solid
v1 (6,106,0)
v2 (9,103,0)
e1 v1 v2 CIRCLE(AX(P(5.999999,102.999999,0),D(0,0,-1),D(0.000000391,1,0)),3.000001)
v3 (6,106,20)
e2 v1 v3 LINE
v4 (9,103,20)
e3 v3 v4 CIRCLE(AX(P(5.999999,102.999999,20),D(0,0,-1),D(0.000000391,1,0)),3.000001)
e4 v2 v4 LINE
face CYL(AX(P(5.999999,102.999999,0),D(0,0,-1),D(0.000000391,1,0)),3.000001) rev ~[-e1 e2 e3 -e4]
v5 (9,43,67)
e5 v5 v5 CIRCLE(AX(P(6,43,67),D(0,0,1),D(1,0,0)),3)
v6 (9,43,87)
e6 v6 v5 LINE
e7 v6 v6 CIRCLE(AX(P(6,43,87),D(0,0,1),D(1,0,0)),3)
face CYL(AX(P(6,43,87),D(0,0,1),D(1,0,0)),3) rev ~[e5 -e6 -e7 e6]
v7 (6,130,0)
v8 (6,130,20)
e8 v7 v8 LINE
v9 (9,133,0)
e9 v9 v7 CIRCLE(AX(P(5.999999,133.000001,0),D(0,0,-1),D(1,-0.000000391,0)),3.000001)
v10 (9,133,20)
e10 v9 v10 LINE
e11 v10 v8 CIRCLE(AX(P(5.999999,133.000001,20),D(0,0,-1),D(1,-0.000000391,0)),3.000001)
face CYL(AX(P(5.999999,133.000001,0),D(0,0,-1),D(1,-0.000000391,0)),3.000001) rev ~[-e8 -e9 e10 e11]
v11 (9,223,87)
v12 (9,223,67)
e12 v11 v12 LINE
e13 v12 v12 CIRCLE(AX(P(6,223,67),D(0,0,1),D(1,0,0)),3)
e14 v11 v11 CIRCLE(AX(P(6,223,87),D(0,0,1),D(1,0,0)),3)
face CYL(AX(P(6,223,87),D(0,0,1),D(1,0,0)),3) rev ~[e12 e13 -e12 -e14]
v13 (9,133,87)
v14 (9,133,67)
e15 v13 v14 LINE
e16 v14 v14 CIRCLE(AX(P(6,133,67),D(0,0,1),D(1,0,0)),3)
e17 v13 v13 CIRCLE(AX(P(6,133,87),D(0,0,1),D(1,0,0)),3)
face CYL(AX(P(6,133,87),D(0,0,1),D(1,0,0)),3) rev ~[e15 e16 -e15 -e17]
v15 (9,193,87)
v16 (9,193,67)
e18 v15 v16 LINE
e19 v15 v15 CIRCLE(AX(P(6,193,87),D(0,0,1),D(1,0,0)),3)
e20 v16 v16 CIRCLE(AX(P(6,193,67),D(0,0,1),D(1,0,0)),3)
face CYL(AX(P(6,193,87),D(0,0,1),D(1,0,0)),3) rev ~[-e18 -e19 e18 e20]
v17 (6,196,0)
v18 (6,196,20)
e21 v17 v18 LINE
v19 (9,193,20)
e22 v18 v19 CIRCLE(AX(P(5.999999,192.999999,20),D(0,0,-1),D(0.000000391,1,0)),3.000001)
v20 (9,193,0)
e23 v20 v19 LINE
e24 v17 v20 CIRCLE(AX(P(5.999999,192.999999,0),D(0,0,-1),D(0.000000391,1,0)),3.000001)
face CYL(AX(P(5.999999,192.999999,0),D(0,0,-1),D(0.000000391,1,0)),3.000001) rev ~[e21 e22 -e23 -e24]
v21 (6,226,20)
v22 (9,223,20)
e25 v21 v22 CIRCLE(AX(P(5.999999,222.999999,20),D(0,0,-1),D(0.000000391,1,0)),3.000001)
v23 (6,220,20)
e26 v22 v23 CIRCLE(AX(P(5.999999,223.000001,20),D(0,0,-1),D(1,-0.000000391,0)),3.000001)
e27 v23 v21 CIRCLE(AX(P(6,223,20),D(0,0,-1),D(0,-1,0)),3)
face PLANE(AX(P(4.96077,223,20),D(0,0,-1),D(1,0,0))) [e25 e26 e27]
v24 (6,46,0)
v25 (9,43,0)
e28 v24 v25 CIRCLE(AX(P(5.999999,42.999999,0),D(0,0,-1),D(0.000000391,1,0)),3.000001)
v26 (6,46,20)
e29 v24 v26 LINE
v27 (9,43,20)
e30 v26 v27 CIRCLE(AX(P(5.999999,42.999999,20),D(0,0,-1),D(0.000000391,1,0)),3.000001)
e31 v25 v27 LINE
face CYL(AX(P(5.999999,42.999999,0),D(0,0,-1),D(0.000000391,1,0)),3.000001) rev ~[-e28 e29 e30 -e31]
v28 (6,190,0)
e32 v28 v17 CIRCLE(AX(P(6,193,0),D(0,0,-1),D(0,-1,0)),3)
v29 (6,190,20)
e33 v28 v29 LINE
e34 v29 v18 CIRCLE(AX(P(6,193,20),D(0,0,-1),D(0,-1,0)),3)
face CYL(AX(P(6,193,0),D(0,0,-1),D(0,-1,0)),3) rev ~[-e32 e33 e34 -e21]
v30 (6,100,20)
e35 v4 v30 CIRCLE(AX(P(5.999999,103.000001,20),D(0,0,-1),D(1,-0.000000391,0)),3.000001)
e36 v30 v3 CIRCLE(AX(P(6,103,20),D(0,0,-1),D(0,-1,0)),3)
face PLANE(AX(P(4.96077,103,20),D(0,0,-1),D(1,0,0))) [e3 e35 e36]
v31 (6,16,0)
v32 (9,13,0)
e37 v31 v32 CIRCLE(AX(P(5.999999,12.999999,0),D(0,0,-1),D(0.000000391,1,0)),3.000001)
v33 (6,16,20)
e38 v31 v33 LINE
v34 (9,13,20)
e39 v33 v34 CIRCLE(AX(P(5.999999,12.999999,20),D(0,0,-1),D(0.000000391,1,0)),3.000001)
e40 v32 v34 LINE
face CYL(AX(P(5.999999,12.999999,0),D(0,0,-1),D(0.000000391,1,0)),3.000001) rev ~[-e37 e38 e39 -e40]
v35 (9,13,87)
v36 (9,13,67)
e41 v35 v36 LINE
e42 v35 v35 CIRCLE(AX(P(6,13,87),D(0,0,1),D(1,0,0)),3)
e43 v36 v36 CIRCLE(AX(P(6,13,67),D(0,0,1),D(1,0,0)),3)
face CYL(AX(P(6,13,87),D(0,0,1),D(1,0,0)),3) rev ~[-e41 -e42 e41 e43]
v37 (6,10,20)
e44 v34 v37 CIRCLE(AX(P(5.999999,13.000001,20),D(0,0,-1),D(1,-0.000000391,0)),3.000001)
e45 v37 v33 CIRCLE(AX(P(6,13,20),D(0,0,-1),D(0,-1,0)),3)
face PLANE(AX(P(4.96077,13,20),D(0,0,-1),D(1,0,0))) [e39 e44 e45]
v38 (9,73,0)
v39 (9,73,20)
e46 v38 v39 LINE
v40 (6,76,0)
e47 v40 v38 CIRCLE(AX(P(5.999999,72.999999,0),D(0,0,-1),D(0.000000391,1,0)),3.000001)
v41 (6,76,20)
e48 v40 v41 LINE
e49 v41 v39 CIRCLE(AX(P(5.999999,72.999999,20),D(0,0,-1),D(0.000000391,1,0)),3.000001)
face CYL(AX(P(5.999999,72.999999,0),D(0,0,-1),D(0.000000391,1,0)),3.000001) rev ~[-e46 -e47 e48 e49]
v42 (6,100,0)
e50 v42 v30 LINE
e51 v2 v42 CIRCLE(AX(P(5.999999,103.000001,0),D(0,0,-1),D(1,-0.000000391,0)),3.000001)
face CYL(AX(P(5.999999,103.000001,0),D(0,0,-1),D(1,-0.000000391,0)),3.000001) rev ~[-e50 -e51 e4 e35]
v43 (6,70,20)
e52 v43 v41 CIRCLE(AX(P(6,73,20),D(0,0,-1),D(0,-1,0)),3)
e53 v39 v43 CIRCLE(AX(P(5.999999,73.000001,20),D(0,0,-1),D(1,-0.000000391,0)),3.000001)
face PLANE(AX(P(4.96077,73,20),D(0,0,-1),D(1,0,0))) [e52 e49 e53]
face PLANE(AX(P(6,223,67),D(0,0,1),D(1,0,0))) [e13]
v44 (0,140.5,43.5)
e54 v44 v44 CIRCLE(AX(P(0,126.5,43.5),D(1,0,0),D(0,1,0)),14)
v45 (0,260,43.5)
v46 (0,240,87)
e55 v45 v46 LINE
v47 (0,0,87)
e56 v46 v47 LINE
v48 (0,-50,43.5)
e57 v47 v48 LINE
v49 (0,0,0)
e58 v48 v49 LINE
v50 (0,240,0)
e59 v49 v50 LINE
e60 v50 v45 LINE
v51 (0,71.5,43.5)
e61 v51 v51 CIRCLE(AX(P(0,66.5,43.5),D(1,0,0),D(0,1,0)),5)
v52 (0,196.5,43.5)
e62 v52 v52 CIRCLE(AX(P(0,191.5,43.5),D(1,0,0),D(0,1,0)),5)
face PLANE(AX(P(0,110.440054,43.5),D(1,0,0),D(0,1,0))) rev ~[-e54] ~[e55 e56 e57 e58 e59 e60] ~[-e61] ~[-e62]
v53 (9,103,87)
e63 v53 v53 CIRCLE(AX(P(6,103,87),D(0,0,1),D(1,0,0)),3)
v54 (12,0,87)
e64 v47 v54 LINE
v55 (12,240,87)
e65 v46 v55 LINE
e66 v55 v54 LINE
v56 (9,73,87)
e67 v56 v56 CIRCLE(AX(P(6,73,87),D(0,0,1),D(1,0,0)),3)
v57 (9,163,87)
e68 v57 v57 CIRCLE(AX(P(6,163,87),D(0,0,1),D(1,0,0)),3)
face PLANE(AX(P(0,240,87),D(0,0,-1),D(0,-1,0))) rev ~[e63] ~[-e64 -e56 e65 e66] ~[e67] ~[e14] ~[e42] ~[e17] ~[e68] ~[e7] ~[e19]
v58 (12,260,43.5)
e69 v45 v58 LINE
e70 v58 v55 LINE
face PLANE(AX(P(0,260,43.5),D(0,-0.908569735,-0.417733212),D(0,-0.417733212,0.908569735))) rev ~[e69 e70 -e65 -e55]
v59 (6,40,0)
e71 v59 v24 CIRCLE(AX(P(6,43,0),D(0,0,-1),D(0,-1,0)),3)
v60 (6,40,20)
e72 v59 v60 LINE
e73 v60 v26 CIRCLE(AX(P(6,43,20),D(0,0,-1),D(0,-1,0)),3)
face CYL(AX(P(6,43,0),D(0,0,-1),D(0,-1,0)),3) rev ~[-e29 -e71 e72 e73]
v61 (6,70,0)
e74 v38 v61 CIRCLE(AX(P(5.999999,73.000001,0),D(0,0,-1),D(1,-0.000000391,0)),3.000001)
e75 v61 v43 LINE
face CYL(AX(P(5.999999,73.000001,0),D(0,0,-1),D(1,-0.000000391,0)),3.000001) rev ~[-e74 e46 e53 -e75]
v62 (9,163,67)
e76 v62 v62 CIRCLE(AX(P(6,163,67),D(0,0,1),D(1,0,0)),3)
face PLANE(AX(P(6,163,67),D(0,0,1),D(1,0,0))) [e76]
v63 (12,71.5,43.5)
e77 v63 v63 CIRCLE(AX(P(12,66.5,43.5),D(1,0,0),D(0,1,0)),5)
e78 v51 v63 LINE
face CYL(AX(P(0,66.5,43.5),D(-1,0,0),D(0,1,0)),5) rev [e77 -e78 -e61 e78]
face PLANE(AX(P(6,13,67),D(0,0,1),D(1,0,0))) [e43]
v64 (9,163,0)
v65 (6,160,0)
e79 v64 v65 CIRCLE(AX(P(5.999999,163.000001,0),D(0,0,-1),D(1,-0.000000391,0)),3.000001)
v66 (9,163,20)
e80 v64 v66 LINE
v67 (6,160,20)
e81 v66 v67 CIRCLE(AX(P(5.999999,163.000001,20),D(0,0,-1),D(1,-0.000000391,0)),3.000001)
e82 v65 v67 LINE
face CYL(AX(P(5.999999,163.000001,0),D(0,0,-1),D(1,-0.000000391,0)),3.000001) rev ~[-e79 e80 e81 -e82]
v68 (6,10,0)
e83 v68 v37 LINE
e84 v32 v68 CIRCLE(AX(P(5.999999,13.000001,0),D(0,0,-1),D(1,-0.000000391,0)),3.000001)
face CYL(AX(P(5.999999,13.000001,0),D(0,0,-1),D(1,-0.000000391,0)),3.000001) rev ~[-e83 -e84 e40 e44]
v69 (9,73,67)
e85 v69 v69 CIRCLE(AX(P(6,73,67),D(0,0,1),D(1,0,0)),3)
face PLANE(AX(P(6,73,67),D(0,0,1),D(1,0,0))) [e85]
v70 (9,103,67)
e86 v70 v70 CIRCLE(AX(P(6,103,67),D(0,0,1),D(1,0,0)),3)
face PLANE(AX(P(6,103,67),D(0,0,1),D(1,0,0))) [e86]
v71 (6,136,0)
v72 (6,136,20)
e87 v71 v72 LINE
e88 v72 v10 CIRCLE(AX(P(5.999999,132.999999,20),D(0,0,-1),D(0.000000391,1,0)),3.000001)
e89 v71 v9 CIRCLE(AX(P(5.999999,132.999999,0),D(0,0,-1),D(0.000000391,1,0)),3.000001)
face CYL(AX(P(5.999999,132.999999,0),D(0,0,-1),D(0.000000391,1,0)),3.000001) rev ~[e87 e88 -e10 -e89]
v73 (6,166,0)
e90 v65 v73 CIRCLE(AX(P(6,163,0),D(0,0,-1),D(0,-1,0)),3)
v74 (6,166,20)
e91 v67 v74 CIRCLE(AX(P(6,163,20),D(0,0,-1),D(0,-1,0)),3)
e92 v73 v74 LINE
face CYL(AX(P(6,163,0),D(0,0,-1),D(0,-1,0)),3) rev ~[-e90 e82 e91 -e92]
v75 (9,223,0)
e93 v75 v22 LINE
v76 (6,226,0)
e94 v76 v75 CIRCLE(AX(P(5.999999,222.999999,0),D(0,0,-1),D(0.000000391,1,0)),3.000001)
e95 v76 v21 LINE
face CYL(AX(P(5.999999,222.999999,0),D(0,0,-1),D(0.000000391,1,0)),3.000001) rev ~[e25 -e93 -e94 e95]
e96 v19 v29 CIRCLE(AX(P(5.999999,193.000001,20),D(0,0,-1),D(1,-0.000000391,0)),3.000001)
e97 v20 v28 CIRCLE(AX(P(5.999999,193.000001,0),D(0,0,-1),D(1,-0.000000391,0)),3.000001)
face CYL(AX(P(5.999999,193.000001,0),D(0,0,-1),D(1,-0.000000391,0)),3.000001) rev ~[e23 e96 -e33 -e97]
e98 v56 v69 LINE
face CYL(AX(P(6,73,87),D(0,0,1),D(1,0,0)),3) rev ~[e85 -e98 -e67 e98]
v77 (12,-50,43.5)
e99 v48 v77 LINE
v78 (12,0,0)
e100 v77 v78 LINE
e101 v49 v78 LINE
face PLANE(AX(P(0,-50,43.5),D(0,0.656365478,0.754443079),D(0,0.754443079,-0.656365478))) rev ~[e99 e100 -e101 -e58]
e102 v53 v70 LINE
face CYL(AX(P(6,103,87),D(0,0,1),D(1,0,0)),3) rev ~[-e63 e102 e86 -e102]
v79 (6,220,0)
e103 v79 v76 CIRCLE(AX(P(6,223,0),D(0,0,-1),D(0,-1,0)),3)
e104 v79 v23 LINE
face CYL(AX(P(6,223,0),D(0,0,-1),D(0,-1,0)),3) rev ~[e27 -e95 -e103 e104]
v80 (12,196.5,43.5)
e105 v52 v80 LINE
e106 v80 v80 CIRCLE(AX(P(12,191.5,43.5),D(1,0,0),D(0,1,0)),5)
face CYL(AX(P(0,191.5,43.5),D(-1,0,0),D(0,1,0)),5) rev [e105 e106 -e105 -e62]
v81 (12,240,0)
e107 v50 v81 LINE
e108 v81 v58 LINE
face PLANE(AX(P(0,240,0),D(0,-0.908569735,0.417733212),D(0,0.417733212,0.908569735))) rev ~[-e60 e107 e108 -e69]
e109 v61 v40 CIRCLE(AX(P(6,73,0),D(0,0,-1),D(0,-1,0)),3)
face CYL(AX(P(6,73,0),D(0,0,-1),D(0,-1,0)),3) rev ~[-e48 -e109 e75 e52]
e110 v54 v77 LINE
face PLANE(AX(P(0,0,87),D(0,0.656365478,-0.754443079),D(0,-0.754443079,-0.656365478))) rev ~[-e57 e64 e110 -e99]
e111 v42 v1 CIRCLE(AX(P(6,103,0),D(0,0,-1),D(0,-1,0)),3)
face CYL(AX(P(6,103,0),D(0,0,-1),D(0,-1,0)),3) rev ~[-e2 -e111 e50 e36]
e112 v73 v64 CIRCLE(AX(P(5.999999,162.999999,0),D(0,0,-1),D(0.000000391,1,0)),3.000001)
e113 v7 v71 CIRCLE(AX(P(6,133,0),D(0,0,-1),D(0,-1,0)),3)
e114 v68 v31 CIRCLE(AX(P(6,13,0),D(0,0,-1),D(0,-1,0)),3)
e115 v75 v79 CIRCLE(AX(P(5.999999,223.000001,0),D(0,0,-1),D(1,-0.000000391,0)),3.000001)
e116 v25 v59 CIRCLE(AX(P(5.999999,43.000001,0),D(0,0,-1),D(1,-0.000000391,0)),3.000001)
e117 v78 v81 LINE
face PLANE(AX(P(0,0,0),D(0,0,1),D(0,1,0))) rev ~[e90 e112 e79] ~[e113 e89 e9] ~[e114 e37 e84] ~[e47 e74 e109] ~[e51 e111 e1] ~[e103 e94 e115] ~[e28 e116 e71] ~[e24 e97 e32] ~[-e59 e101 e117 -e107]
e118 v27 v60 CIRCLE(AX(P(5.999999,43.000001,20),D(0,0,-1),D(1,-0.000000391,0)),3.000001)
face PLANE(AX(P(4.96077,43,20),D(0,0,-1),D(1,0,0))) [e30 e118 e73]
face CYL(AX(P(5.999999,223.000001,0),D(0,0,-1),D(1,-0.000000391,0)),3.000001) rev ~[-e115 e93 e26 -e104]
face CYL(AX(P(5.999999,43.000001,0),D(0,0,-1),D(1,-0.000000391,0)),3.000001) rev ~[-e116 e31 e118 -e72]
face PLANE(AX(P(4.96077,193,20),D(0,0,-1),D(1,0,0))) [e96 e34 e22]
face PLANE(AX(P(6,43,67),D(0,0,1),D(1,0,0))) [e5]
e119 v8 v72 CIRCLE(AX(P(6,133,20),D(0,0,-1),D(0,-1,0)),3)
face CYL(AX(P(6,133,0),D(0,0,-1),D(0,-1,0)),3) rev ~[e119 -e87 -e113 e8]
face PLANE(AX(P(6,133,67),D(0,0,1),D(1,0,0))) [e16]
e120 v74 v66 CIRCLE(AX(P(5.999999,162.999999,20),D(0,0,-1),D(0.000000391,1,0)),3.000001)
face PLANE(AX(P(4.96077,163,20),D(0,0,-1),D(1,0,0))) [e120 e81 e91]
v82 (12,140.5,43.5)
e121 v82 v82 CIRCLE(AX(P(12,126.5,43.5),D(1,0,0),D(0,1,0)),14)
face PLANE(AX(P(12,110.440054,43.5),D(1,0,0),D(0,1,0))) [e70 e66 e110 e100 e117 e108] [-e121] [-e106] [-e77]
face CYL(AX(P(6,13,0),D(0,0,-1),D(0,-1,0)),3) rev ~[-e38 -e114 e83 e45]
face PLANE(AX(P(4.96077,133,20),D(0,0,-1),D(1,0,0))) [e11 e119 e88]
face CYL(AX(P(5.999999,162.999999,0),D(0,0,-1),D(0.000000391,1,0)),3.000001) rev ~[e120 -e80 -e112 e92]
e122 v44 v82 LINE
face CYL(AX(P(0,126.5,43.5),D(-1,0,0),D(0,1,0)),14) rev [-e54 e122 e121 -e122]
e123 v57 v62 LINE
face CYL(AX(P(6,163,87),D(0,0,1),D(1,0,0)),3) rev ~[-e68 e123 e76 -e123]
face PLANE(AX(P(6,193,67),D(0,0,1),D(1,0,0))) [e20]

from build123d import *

# Parameters (mm, degrees)
F0_R     = 5
F0_R_2   = 14
F1_DEPTH = 12
F2_R     = 3
F3_DEPTH = 20
F5_DEPTH = 20


with BuildPart() as f1:
    # F0 (on Right) → F1 (new body)
    with BuildSketch(Plane.YZ):
        Polygon((-50, 43.5), (0, 0), (240, 0), (260, 43.5), (240, 87), (0, 87), align=None)
        with Locations((66.5, 43.5)):
            Circle(F0_R, mode=Mode.SUBTRACT)
        with Locations((126.5, 43.5)):
            Circle(F0_R_2, mode=Mode.SUBTRACT)
        with Locations((191.5, 43.5)):
            Circle(F0_R, mode=Mode.SUBTRACT)
    extrude(amount=F1_DEPTH)

    # F2 (on face) → F3 (cut)
    with BuildSketch(Plane.XY.offset(87)):
        with Locations((6, 13)):
            Circle(F2_R)
        with Locations((6, 43)):
            Circle(F2_R)
        with Locations((6, 73)):
            Circle(F2_R)
        with Locations((6, 103)):
            Circle(F2_R)
        with Locations((6, 133)):
            Circle(F2_R)
        with Locations((6, 163)):
            Circle(F2_R)
        with Locations((6, 193)):
            Circle(F2_R)
        with Locations((6, 223)):
            Circle(F2_R)
    extrude(amount=-F3_DEPTH, mode=Mode.SUBTRACT)

    # F4 (on face) → F5 (cut)
    with BuildSketch(Plane(origin=(0, 0, 0), x_dir=(1, 0, 0), z_dir=(0, 0, -1))):
        with BuildLine():
            ThreePointArc((6, -220), (3, -223), (6, -226))
            Line((6, -226), (6, -220))
        make_face()
        with BuildLine():
            ThreePointArc((6, -10), (3, -13), (6, -16))
            Line((6, -16), (6, -13))
            Line((6, -13), (6, -10))
        make_face()
        with BuildLine():
            Line((6, -13), (6, -16))
            ThreePointArc((6, -16), (8.12132, -15.12132), (9, -13))
            Line((9, -13), (6, -13))
        make_face()
        with BuildLine():
            ThreePointArc((6, -40), (3, -43), (6, -46))
            Line((6, -46), (6, -43))
            Line((6, -43), (6, -40))
        make_face()
        with BuildLine():
            Line((6, -43), (6, -46))
            ThreePointArc((6, -46), (8.12132, -45.12132), (9, -43))
            ThreePointArc((9, -43), (8.12132, -40.87868), (6, -40))
            Line((6, -40), (6, -43))
        make_face()
        with BuildLine():
            ThreePointArc((6, -70), (3, -73), (6, -76))
            Line((6, -76), (6, -70))
        make_face()
        with BuildLine():
            Line((6, -70), (6, -76))
            ThreePointArc((6, -76), (8.12132, -75.12132), (9, -73))
            ThreePointArc((9, -73), (8.12132, -70.87868), (6, -70))
        make_face()
        with BuildLine():
            ThreePointArc((6, -100), (3, -103), (6, -106))
            Line((6, -106), (6, -100))
        make_face()
        with BuildLine():
            Line((6, -100), (6, -106))
            ThreePointArc((6, -106), (8.12132, -105.12132), (9, -103))
            ThreePointArc((9, -103), (8.12132, -100.87868), (6, -100))
        make_face()
        with BuildLine():
            ThreePointArc((6, -130), (3, -133), (6, -136))
            Line((6, -136), (6, -130))
        make_face()
        with BuildLine():
            Line((6, -130), (6, -136))
            ThreePointArc((6, -136), (8.12132, -135.12132), (9, -133))
            ThreePointArc((9, -133), (8.12132, -130.87868), (6, -130))
        make_face()
        with BuildLine():
            ThreePointArc((6, -160), (3, -163), (6, -166))
            Line((6, -166), (6, -160))
        make_face()
        with BuildLine():
            Line((6, -160), (6, -166))
            ThreePointArc((6, -166), (8.12132, -165.12132), (9, -163))
            ThreePointArc((9, -163), (8.12132, -160.87868), (6, -160))
        make_face()
        with BuildLine():
            ThreePointArc((6, -190), (3, -193), (6, -196))
            Line((6, -196), (6, -190))
        make_face()
        with BuildLine():
            Line((6, -190), (6, -196))
            ThreePointArc((6, -196), (8.12132, -195.12132), (9, -193))
            ThreePointArc((9, -193), (8.12132, -190.87868), (6, -190))
        make_face()
        with BuildLine():
            Line((6, -220), (6, -226))
            ThreePointArc((6, -226), (8.12132, -225.12132), (9, -223))
            ThreePointArc((9, -223), (8.12132, -220.87868), (6, -220))
        make_face()
        with BuildLine():
            Line((6, -10), (6, -13))
            Line((6, -13), (9, -13))
            ThreePointArc((9, -13), (8.12132, -10.87868), (6, -10))
        make_face()
    extrude(amount=-F5_DEPTH, mode=Mode.SUBTRACT)


solid = f1.part
